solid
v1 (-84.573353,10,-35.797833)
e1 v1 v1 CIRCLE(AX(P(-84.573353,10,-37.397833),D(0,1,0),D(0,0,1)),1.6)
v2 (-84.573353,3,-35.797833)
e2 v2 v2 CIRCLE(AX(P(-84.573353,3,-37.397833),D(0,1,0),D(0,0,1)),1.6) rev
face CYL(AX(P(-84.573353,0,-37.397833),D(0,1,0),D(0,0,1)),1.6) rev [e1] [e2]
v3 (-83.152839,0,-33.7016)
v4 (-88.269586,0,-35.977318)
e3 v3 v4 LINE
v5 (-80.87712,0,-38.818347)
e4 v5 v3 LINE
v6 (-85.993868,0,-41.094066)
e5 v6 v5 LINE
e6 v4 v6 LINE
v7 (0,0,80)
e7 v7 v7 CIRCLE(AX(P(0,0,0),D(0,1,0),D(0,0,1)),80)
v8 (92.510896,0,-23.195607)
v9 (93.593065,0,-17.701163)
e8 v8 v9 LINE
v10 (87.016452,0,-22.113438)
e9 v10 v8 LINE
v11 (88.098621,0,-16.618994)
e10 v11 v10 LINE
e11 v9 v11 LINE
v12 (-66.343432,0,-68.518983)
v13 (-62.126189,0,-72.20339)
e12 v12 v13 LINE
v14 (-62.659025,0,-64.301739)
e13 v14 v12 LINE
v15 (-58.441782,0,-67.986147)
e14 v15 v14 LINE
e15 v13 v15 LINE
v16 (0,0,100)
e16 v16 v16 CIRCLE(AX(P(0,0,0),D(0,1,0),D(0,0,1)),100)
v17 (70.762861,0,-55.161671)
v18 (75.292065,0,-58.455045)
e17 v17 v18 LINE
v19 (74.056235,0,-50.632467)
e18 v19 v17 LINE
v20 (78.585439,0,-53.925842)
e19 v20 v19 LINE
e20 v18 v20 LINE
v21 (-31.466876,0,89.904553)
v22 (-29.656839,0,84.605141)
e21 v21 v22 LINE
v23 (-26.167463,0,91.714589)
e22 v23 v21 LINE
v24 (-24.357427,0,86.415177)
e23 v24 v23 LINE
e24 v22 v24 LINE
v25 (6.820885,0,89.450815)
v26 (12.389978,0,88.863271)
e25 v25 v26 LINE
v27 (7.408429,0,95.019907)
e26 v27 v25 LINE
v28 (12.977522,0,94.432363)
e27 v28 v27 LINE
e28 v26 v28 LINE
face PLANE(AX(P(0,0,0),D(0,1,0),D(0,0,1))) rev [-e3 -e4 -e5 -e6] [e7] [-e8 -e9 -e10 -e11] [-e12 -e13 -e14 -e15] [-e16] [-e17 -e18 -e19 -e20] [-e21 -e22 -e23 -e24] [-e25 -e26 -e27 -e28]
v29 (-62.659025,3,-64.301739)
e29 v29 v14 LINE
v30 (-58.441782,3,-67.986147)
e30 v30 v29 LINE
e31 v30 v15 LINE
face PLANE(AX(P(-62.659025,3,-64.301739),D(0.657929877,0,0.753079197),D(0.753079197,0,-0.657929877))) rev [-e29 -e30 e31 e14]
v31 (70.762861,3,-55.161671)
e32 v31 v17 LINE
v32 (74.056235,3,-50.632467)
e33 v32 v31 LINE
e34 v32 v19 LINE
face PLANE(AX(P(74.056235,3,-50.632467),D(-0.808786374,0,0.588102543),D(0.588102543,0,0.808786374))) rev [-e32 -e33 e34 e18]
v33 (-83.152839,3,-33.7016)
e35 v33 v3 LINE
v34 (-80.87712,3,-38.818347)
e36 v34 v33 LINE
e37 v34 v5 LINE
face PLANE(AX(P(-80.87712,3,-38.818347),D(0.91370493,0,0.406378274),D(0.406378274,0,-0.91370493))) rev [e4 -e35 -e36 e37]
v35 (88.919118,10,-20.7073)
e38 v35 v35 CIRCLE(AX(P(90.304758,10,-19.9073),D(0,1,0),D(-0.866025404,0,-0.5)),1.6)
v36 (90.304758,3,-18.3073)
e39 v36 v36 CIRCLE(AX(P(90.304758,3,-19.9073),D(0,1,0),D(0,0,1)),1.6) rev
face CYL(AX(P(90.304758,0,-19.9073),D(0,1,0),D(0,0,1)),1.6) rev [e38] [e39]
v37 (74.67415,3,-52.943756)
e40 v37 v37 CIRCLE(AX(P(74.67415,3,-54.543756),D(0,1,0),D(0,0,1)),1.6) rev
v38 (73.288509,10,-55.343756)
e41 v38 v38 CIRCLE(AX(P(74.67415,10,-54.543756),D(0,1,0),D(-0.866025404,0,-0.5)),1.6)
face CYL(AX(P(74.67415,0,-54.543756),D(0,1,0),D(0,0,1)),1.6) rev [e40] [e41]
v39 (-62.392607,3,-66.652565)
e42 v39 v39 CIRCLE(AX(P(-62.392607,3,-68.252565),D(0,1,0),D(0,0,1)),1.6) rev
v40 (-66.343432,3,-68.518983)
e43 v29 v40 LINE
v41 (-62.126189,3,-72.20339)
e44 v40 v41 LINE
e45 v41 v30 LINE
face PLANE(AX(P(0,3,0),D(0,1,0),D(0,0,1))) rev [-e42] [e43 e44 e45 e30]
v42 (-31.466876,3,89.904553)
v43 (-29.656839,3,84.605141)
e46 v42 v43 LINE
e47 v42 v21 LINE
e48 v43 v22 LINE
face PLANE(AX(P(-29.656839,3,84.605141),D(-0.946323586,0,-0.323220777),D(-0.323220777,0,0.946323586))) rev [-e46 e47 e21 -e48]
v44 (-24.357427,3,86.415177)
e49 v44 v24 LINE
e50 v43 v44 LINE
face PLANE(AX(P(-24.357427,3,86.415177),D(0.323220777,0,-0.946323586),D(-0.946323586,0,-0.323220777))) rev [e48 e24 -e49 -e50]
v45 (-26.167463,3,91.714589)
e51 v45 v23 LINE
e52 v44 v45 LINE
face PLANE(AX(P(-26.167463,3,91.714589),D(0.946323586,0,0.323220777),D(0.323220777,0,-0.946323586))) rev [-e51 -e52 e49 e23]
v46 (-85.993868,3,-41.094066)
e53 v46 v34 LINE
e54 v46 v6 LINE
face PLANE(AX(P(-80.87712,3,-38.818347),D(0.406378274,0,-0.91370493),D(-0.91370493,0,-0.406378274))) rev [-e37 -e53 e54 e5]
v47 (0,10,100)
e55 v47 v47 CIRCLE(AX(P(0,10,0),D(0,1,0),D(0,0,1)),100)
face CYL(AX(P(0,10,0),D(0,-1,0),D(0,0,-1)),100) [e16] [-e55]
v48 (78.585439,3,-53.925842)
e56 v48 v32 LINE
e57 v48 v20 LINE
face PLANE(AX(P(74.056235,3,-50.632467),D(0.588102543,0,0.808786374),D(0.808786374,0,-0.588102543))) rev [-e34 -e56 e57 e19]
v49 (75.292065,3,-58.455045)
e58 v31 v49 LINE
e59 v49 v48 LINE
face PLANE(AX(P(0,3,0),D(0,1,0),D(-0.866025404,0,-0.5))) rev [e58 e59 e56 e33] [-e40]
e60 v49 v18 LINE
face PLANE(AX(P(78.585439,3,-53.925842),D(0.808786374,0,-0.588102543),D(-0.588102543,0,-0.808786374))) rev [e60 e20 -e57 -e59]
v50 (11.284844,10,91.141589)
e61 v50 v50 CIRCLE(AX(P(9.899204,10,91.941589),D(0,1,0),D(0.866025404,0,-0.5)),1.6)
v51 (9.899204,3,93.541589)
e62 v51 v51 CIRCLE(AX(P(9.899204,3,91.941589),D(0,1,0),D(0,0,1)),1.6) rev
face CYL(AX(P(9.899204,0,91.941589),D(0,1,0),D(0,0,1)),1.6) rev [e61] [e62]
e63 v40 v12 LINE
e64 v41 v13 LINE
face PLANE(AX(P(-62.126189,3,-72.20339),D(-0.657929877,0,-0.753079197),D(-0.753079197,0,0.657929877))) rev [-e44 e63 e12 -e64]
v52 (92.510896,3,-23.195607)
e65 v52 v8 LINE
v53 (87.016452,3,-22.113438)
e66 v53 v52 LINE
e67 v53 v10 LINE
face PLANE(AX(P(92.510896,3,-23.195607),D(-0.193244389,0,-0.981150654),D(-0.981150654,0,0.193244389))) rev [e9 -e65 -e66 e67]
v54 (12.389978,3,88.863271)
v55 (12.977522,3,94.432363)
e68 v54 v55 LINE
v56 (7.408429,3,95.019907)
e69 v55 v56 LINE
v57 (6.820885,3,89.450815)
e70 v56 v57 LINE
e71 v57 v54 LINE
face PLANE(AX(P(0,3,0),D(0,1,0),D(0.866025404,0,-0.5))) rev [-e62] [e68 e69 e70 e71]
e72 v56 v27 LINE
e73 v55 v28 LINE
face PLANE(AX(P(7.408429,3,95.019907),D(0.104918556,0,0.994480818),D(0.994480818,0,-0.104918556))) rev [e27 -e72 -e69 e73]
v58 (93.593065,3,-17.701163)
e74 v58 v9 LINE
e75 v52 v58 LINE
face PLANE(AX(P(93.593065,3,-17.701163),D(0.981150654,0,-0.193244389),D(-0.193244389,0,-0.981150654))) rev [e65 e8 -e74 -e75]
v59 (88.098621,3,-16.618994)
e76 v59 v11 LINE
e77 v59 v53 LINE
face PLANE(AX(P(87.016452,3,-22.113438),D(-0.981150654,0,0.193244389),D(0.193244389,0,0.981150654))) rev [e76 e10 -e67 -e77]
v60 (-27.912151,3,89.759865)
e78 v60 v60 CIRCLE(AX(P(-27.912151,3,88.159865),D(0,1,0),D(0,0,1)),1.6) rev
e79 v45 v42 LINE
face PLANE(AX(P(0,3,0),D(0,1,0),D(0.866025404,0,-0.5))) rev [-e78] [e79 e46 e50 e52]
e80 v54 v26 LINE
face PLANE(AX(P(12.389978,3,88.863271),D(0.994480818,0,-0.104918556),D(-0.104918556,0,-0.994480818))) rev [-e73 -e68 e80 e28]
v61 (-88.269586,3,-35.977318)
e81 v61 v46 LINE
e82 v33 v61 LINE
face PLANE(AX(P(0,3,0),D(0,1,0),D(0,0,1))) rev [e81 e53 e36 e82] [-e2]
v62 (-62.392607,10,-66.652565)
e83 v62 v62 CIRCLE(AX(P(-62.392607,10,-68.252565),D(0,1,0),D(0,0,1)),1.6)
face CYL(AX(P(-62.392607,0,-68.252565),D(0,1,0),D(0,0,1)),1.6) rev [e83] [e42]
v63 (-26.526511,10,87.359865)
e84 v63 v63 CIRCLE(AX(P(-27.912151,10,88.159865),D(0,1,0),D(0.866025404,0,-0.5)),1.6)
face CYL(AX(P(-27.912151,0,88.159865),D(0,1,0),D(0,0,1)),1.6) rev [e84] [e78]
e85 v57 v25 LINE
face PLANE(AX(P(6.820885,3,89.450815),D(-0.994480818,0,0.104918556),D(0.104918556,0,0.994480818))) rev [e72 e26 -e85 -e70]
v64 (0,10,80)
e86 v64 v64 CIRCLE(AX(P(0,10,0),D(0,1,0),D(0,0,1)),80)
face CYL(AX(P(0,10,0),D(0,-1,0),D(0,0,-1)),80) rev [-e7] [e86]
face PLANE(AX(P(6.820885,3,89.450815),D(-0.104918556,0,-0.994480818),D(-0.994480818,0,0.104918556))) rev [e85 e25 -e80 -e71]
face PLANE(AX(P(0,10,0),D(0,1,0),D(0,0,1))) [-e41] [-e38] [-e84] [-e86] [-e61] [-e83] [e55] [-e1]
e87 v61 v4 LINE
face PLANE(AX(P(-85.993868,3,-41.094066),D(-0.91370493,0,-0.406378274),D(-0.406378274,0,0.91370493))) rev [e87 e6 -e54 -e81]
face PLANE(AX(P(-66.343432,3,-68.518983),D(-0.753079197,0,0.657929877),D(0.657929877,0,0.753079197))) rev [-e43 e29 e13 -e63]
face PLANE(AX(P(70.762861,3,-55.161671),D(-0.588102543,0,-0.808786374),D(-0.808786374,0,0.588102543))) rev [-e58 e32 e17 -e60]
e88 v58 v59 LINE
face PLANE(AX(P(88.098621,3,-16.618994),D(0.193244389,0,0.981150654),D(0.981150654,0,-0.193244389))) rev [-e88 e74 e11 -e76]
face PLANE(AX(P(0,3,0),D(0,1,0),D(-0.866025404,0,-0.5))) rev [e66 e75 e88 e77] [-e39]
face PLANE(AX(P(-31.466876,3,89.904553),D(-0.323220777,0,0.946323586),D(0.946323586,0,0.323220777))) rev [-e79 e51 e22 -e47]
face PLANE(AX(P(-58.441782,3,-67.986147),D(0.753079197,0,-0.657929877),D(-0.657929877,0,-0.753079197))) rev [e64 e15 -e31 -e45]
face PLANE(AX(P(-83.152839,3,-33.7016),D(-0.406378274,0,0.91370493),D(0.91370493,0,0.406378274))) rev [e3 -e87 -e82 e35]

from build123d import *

# Parameters (mm, degrees)
SKETCH_1_R               = 100
SKETCH_1_R_2             = 80
EXTRUDE_1_DEPTH          = 10
SKETCH_3_R               = 1.6
CUT_EXTRUDE_2_DEPTH      = 142.774468788
CUT_EXTRUDE_3_DEPTH      = 3
PATTERN_CIRCULAR_1_COUNT = 3


with BuildPart() as part:
    # 草图1 → 凸台-拉伸1 (new body)
    with BuildSketch(Plane(origin=(0, 0, 0), x_dir=(1, 0, 0), z_dir=(0, 1, 0))):
        with Locations(Location((0, 0, 0), (0, 0, 270))):
            Circle(SKETCH_1_R)
        with Locations(Location((0, 0, 0), (0, 0, 270))):
            Circle(SKETCH_1_R_2, mode=Mode.SUBTRACT)
    extrude(amount=EXTRUDE_1_DEPTH)

    # 草图3 → 切除-拉伸2 (cut, through all)
    with BuildSketch(Plane(origin=(0, 10, 0), x_dir=(1, 0, 0), z_dir=(0, 1, 0))):
        with Locations(Location((-62.39260708, 68.252564653, 0), (0, 0, 270))):
            Circle(SKETCH_3_R)
        with Locations(Location((-84.573353466, 37.397832605, 0), (0, 0, 270))):
            Circle(SKETCH_3_R)
    cut_extrude_2 = extrude(amount=-CUT_EXTRUDE_2_DEPTH, mode=Mode.SUBTRACT)

    # 草图4 → 切除-拉伸3 (cut)
    with BuildSketch(Plane.XZ):
        Polygon((-80.877120495, -38.81834724), (-83.152838831, -33.701599634), (-88.269586436, -35.97731797), (-85.993868101, -41.094065575), align=None)
        Polygon((-62.126188983, -72.20339006), (-66.343432487, -68.51898275), (-62.659025177, -64.301739246), (-58.441781673, -67.986146556), align=None)
    cut_extrude_3 = extrude(amount=-CUT_EXTRUDE_3_DEPTH, mode=Mode.SUBTRACT)

    # 阵列(圆周)1: 切除-拉伸2, 切除-拉伸3 ×3 about axis
    pattern_circular_1_axis = Axis((0, 0, 0), (0, 1, 0))
    add([cut_extrude_2.rotate(pattern_circular_1_axis, i * 360 / PATTERN_CIRCULAR_1_COUNT) for i in range(1, PATTERN_CIRCULAR_1_COUNT)], mode=Mode.SUBTRACT)
    add([cut_extrude_3.rotate(pattern_circular_1_axis, i * 360 / PATTERN_CIRCULAR_1_COUNT) for i in range(1, PATTERN_CIRCULAR_1_COUNT)], mode=Mode.SUBTRACT)


solid = part.part
